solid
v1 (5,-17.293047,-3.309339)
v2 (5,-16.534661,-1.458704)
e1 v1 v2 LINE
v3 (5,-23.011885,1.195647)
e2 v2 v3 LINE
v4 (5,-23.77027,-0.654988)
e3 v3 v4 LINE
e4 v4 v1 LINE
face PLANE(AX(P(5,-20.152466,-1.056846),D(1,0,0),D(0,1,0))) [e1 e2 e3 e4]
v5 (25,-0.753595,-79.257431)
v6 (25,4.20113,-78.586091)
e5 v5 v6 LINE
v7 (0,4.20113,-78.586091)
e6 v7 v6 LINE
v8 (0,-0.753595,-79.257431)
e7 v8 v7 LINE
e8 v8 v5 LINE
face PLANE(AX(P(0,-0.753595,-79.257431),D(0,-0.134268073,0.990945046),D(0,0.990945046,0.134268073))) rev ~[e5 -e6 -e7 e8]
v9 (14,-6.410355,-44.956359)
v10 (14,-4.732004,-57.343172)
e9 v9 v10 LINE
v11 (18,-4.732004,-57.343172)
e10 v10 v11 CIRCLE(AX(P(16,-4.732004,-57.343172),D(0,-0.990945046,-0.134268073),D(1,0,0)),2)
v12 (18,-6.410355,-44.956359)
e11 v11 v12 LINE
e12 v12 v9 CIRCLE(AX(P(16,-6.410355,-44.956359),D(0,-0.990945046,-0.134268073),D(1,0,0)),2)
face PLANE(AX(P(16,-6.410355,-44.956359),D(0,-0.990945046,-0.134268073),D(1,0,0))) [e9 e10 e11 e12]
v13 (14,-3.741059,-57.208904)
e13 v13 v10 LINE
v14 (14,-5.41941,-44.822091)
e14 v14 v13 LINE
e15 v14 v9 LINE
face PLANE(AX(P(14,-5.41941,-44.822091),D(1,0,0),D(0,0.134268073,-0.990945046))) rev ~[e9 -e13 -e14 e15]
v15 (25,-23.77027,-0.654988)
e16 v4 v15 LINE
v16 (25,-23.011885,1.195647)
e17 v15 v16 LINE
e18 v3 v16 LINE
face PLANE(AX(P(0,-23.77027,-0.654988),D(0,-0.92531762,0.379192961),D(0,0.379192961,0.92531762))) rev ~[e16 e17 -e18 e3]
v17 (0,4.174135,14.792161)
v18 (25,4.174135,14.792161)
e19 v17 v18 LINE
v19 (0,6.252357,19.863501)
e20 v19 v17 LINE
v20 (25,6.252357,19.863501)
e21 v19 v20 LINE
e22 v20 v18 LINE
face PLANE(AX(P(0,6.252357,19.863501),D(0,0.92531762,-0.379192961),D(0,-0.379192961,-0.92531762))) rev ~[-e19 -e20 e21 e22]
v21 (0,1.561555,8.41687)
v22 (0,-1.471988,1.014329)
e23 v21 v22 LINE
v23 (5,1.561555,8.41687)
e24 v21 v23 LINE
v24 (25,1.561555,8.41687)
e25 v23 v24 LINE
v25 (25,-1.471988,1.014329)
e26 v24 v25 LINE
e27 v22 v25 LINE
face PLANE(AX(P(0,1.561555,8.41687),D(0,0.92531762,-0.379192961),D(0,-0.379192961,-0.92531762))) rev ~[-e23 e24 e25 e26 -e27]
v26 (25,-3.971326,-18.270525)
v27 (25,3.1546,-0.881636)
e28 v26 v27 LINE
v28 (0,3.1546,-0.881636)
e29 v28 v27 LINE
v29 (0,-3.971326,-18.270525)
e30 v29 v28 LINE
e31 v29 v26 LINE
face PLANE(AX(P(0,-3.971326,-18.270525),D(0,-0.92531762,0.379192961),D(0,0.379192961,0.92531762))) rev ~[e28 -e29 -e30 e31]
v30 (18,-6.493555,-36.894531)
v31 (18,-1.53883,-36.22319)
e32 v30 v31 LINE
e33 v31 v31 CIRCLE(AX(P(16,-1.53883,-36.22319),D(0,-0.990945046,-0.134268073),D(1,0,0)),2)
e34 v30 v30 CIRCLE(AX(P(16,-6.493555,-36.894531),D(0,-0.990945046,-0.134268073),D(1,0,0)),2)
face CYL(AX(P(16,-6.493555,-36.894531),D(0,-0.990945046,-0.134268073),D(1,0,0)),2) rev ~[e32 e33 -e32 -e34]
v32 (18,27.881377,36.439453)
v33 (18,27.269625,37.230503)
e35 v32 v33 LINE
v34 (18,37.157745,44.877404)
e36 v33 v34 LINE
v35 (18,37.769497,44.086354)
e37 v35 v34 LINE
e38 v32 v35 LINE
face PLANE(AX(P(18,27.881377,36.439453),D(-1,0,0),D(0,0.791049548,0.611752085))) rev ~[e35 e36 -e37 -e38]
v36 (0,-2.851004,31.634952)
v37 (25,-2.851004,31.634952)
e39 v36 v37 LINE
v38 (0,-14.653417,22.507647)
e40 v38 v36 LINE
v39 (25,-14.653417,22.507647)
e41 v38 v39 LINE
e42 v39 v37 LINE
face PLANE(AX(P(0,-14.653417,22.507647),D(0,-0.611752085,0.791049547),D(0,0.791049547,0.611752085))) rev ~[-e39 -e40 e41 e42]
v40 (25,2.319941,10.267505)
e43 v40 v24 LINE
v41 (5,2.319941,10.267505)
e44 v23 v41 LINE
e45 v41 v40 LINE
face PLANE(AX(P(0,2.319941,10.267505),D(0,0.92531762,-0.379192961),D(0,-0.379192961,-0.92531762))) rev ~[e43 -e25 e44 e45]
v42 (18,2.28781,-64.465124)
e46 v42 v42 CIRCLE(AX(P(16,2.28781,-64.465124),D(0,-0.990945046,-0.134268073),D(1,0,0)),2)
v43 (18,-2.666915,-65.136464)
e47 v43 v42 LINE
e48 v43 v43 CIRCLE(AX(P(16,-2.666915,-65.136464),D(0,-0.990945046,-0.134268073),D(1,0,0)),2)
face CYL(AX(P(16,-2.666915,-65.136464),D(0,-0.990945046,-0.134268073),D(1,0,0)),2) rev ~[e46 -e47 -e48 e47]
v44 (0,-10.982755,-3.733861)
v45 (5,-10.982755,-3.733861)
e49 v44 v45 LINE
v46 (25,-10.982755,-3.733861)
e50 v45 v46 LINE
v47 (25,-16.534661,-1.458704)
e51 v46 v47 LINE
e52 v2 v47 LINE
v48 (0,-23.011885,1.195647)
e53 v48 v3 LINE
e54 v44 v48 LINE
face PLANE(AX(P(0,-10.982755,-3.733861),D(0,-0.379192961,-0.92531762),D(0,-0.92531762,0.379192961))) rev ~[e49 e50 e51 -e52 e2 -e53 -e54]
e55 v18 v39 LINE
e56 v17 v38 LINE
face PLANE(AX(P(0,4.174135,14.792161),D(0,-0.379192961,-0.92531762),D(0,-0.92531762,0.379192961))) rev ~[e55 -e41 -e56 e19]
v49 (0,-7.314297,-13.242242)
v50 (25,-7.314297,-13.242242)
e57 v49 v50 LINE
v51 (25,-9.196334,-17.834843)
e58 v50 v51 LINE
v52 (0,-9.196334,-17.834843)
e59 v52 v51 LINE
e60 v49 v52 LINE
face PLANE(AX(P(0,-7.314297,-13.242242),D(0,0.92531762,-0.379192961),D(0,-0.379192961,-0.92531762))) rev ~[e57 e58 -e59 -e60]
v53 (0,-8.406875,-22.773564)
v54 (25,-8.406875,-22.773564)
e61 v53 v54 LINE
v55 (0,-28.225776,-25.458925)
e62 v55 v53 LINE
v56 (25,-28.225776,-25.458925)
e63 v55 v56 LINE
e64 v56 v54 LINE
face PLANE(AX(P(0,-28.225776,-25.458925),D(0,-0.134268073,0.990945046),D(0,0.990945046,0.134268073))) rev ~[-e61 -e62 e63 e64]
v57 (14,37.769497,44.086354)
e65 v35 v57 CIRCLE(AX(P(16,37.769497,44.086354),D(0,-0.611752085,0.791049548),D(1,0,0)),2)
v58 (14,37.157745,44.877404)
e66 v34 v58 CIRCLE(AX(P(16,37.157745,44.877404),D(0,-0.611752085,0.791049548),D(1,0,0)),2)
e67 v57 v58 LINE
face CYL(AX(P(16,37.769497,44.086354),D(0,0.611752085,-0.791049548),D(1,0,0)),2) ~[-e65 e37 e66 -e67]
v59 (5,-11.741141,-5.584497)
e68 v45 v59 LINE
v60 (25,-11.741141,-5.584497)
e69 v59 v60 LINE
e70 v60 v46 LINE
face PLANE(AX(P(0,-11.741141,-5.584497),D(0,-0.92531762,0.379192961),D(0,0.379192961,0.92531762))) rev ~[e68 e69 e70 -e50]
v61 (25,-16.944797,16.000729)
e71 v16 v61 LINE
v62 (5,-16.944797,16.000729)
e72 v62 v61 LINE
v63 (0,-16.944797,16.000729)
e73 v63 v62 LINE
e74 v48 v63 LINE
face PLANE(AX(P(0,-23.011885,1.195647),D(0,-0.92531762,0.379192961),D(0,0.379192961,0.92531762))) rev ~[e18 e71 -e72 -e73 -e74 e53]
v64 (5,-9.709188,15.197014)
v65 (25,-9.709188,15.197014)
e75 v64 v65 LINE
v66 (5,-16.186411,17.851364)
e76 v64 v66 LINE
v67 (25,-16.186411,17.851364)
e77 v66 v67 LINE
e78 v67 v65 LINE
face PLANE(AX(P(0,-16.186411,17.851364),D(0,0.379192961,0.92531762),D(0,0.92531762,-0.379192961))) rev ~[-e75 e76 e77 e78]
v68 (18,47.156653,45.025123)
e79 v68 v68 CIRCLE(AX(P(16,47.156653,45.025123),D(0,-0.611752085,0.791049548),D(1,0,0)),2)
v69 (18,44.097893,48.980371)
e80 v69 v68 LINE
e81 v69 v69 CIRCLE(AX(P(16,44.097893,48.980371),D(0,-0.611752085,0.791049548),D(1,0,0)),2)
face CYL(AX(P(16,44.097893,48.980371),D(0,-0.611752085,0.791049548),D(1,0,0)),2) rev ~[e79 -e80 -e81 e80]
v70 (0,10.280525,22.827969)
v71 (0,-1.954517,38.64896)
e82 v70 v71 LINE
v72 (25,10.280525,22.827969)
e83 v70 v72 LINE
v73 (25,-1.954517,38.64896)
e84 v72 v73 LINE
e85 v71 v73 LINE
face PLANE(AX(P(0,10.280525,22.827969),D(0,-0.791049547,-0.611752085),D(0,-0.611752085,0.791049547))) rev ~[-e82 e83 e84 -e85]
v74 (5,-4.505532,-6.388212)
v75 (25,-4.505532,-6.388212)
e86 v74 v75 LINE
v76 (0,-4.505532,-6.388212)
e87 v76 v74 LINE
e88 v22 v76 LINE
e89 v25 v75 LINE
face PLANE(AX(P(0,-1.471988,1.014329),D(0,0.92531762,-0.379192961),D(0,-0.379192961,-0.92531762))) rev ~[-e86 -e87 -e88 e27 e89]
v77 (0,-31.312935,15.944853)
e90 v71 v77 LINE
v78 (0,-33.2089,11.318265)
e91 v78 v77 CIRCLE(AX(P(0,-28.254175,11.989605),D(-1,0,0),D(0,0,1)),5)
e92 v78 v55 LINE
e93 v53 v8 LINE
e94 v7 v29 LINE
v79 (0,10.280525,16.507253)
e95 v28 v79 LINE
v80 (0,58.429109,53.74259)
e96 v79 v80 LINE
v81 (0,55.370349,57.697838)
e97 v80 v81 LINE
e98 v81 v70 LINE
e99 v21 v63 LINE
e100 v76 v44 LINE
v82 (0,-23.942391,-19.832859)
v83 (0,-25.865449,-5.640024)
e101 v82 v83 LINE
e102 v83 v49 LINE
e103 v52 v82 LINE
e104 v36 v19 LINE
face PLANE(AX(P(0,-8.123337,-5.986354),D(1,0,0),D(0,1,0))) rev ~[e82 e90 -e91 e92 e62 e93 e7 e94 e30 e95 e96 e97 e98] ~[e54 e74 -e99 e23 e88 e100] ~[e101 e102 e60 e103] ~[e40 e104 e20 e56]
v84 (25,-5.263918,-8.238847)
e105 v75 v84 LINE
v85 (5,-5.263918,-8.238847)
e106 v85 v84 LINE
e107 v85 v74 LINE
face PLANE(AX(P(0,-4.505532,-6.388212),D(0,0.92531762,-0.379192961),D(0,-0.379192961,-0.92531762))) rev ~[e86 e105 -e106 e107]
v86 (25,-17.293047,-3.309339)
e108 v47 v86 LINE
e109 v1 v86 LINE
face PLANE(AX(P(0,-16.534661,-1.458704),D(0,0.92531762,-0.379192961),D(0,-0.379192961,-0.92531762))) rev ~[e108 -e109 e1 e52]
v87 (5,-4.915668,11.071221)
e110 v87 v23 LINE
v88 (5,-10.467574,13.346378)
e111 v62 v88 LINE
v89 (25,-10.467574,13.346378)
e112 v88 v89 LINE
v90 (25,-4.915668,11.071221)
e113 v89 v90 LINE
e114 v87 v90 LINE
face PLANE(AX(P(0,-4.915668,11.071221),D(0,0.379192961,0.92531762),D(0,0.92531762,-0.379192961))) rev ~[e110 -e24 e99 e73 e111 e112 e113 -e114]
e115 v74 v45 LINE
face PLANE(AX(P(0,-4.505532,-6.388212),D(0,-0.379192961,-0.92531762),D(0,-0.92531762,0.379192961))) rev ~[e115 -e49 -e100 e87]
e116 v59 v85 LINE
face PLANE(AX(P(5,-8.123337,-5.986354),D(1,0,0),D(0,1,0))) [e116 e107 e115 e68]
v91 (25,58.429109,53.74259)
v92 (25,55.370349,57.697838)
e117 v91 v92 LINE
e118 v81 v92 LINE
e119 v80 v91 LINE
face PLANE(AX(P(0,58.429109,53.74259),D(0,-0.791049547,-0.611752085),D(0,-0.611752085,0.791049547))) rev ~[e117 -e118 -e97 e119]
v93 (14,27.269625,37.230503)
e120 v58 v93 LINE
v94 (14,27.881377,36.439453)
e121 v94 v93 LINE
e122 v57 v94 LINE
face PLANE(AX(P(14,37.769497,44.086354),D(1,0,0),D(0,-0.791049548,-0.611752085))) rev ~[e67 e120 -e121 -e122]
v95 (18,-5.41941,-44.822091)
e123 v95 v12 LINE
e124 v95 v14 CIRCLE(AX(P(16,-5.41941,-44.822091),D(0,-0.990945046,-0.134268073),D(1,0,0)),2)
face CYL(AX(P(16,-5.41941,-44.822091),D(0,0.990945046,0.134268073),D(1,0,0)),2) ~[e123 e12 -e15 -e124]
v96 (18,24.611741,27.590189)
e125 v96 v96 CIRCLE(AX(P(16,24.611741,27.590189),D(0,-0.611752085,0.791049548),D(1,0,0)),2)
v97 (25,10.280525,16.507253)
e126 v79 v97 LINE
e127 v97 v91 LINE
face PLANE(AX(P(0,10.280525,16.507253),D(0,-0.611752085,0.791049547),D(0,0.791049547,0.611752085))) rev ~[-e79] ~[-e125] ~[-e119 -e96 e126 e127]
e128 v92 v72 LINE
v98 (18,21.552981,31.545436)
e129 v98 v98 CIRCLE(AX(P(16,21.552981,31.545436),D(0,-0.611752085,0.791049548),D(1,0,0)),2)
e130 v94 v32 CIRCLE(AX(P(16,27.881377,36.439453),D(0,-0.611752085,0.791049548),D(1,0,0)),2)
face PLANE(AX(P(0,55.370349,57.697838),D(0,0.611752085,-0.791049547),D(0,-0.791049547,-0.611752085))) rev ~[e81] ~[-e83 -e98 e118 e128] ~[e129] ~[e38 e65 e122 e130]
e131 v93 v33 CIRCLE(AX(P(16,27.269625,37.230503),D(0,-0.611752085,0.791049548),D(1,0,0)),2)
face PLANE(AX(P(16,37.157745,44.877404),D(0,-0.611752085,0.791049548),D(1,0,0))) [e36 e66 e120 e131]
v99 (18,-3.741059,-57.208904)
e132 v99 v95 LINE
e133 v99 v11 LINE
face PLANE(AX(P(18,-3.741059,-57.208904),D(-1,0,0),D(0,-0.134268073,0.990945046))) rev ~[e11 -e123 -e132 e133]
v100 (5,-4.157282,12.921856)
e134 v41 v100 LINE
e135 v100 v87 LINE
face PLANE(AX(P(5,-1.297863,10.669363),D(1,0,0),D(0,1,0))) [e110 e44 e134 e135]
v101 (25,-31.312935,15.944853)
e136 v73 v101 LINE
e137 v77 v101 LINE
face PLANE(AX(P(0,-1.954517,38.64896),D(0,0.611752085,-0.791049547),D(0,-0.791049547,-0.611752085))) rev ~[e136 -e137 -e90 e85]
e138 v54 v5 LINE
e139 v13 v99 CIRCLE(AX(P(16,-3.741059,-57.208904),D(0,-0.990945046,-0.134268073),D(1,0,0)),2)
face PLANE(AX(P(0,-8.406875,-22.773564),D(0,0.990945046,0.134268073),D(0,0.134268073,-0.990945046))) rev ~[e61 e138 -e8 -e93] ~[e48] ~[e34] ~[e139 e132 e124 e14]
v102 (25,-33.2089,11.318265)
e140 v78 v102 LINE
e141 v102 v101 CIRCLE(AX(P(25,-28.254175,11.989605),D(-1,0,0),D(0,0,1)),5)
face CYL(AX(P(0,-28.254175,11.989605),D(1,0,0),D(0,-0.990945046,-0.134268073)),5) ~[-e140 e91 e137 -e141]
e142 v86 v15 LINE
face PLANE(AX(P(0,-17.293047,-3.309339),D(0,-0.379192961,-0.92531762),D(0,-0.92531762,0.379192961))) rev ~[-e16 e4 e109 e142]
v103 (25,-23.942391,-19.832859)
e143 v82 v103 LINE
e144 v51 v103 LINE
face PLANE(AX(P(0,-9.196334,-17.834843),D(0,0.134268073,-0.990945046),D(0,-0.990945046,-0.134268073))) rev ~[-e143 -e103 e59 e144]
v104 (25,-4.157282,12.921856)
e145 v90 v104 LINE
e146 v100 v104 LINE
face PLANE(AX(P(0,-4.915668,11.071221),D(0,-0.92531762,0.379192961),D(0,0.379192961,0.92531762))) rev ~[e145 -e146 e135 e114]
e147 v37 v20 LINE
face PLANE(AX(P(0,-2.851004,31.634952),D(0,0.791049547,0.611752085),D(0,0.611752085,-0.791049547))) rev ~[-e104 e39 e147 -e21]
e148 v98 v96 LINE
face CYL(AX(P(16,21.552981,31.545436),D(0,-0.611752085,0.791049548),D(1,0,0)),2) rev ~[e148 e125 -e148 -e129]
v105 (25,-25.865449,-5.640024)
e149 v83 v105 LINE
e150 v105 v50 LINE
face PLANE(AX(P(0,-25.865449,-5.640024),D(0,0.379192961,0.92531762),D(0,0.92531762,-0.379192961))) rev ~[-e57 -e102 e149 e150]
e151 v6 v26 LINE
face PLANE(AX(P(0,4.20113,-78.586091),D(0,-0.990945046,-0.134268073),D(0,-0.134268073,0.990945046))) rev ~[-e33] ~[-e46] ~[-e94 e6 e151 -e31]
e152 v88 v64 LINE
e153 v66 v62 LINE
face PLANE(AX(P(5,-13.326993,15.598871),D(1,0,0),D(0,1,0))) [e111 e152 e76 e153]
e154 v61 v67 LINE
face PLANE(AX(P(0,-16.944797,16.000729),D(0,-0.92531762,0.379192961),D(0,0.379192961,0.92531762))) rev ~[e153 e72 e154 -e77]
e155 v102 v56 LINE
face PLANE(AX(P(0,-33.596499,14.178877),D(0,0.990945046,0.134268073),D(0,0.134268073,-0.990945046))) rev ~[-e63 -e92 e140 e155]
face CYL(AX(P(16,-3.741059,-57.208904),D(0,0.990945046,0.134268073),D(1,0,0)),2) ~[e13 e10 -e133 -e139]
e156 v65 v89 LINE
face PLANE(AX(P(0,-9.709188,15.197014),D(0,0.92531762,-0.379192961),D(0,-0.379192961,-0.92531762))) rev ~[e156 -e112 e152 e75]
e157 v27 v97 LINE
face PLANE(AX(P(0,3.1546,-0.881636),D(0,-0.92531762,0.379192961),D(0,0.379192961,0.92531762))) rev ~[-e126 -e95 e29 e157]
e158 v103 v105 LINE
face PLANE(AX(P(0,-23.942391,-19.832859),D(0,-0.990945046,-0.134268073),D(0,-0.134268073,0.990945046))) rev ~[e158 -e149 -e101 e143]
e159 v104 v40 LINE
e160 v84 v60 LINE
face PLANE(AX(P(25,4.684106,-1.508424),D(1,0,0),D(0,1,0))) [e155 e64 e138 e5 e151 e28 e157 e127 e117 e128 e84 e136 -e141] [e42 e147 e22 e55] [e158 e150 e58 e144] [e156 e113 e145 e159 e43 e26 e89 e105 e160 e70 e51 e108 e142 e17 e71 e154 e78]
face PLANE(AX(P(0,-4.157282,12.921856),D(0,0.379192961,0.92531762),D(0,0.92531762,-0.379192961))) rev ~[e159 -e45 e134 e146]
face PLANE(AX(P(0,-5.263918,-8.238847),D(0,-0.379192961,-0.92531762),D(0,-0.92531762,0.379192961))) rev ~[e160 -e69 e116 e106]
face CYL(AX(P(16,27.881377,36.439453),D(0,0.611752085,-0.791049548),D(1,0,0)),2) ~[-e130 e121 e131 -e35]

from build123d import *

# Parameters (mm, degrees)
F1_DEPTH = 25
F2_DEPTH = 5
F3_R     = 5
F5_DEPTH = 1
F6_DEPTH = 5
F8_DEPTH = 1
F9_DEPTH = 5


with BuildPart() as f1:
    # F0 (on Right) → F1 (new body)
    with BuildSketch(Plane.YZ):
        Polygon((-1.9545168432, 38.6489601963), (-33.5964987424, 14.1788767986), (-28.2257758369, -25.4589250511), (-8.406874912, -22.7735635983), (-0.7535947717, -79.2574312341), (4.2011304595, -78.5860908709), (-3.9713255886, -18.2705245759), (3.1545996335, -0.8816359607), (10.2805248557, 16.5072526545), (58.4291094867, 53.742590351), (55.370349062, 57.6978380884), (10.2805248557, 22.8279692467), align=None)
        Polygon((-25.8654488138, -5.6400241263), (-7.3142972833, -13.2422419285), (-9.1963342424, -17.8348428934), (-23.9423909688, -19.8328594567), align=None, mode=Mode.SUBTRACT)
        Polygon((1.5615552233, 8.4168698067), (-1.4719884671, 1.0143288458), (-4.5055321574, -6.3882121151), (-5.26391808, -8.2388473554), (-11.7411414209, -5.5844966263), (-17.2930471416, -3.3093388585), (-23.7702704824, -0.6549881294), (-23.0118845598, 1.1956471108), (-16.944797179, 16.0007290327), (-16.1864112564, 17.851364273), (-9.7091879156, 15.1970135439), (-4.1572821949, 12.9218557761), (2.3199411459, 10.267505047), align=None, mode=Mode.SUBTRACT)
        Polygon((-14.6534166938, 22.50764705), (-2.8510041559, 31.6349520341), (6.2523573083, 19.863500585), (4.1741345282, 14.7921613112), align=None, mode=Mode.SUBTRACT)
        Polygon((-11.7411414209, -5.5844966263), (-10.9827554983, -3.7338613861), (-16.534661219, -1.4587036183), (-17.2930471416, -3.3093388585), align=None)
        Polygon((-10.4675738382, 13.3463783036), (-4.9156681175, 11.0712205358), (-4.1572821949, 12.9218557761), (-9.7091879156, 15.1970135439), align=None)
    extrude(amount=F1_DEPTH)

    # F0 (on Right) → F2 (join)
    with BuildSketch(Plane.YZ):
        Polygon((-5.26391808, -8.2388473554), (-4.5055321574, -6.3882121151), (-10.9827554983, -3.7338613861), (-11.7411414209, -5.5844966263), align=None)
        Polygon((-17.2930471416, -3.3093388585), (-16.534661219, -1.4587036183), (-23.0118845598, 1.1956471108), (-23.7702704824, -0.6549881294), align=None)
        Polygon((-16.944797179, 16.0007290327), (-10.4675738382, 13.3463783036), (-9.7091879156, 15.1970135439), (-16.1864112564, 17.851364273), align=None)
        Polygon((-4.9156681175, 11.0712205358), (1.5615552233, 8.4168698067), (2.3199411459, 10.267505047), (-4.1572821949, 12.9218557761), align=None)
    extrude(amount=F2_DEPTH)

    # F3
    f3_edges = [f1.edges().sort_by_distance(p)[0] for p in [
        (12.5, -33.596499, 14.178877),
    ]]
    fillet(f3_edges, radius=F3_R)

    # F4 (on face) → F5 (join)
    with BuildSketch(Plane(origin=(0, -7.1996627103, 9.3098006026), x_dir=(1, 0, 0), z_dir=(0, -0.6117520849, 0.7910495475))):
        with BuildLine():
            ThreePointArc((14, 56.8474623166), (16, 54.8474623166), (18, 56.8474623166))
            ThreePointArc((18, 56.8474623166), (16, 58.8474623166), (14, 56.8474623166))
        make_face()
        with BuildLine():
            ThreePointArc((14, 44.3474623166), (16, 42.3474623166), (18, 44.3474623166))
            ThreePointArc((18, 44.3474623166), (16, 46.3474623166), (14, 44.3474623166))
        make_face()
        with BuildLine():
            Line((18, 44.3474623166), (18, 56.8474623166))
            ThreePointArc((18, 56.8474623166), (16, 54.8474623166), (14, 56.8474623166))
            Line((14, 56.8474623166), (14, 44.3474623166))
            ThreePointArc((14, 44.3474623166), (16, 46.3474623166), (18, 44.3474623166))
        make_face()
    extrude(amount=F5_DEPTH)

    # F4 (on face) → F6 (cut)
    with BuildSketch(Plane(origin=(0, -7.1996627103, 9.3098006026), x_dir=(1, 0, 0), z_dir=(0, -0.6117520849, 0.7910495475))):
        with BuildLine():
            ThreePointArc((14, 64.8474623166), (16, 62.8474623166), (18, 64.8474623166))
            ThreePointArc((18, 64.8474623166), (16, 66.8474623166), (14, 64.8474623166))
        make_face()
        with BuildLine():
            ThreePointArc((14, 36.3474623166), (16, 34.3474623166), (18, 36.3474623166))
            ThreePointArc((18, 36.3474623166), (16, 38.3474623166), (14, 36.3474623166))
        make_face()
    extrude(amount=-F6_DEPTH, mode=Mode.SUBTRACT)

    # F7 (on face) → F8 (join)
    with BuildSketch(Plane(origin=(0, -11.2853910764, -1.5291137632), x_dir=(1, 0, 0), z_dir=(0, -0.9909450462, -0.1342680726))):
        with BuildLine():
            ThreePointArc((14, -43.6885751417), (16, -45.6885751417), (18, -43.6885751417))
            ThreePointArc((18, -43.6885751417), (16, -41.6885751417), (14, -43.6885751417))
        make_face()
        with BuildLine():
            Line((18, -56.1885751417), (18, -43.6885751417))
            ThreePointArc((18, -43.6885751417), (16, -45.6885751417), (14, -43.6885751417))
            Line((14, -43.6885751417), (14, -56.1885751417))
            ThreePointArc((14, -56.1885751417), (16, -54.1885751417), (18, -56.1885751417))
        make_face()
        with BuildLine():
            ThreePointArc((14, -56.1885751417), (16, -58.1885751417), (18, -56.1885751417))
            ThreePointArc((18, -56.1885751417), (16, -54.1885751417), (14, -56.1885751417))
        make_face()
    extrude(amount=F8_DEPTH)

    # F7 (on face) → F9 (cut)
    with BuildSketch(Plane(origin=(0, -11.2853910764, -1.5291137632), x_dir=(1, 0, 0), z_dir=(0, -0.9909450462, -0.1342680726))):
        with BuildLine():
            ThreePointArc((14, -35.6885751417), (16, -37.6885751417), (18, -35.6885751417))
            ThreePointArc((18, -35.6885751417), (16, -33.6885751417), (14, -35.6885751417))
        make_face()
        with BuildLine():
            ThreePointArc((14, -64.1885751417), (16, -66.1885751417), (18, -64.1885751417))
            ThreePointArc((18, -64.1885751417), (16, -62.1885751417), (14, -64.1885751417))
        make_face()
    extrude(amount=-F9_DEPTH, mode=Mode.SUBTRACT)


solid = f1.part
